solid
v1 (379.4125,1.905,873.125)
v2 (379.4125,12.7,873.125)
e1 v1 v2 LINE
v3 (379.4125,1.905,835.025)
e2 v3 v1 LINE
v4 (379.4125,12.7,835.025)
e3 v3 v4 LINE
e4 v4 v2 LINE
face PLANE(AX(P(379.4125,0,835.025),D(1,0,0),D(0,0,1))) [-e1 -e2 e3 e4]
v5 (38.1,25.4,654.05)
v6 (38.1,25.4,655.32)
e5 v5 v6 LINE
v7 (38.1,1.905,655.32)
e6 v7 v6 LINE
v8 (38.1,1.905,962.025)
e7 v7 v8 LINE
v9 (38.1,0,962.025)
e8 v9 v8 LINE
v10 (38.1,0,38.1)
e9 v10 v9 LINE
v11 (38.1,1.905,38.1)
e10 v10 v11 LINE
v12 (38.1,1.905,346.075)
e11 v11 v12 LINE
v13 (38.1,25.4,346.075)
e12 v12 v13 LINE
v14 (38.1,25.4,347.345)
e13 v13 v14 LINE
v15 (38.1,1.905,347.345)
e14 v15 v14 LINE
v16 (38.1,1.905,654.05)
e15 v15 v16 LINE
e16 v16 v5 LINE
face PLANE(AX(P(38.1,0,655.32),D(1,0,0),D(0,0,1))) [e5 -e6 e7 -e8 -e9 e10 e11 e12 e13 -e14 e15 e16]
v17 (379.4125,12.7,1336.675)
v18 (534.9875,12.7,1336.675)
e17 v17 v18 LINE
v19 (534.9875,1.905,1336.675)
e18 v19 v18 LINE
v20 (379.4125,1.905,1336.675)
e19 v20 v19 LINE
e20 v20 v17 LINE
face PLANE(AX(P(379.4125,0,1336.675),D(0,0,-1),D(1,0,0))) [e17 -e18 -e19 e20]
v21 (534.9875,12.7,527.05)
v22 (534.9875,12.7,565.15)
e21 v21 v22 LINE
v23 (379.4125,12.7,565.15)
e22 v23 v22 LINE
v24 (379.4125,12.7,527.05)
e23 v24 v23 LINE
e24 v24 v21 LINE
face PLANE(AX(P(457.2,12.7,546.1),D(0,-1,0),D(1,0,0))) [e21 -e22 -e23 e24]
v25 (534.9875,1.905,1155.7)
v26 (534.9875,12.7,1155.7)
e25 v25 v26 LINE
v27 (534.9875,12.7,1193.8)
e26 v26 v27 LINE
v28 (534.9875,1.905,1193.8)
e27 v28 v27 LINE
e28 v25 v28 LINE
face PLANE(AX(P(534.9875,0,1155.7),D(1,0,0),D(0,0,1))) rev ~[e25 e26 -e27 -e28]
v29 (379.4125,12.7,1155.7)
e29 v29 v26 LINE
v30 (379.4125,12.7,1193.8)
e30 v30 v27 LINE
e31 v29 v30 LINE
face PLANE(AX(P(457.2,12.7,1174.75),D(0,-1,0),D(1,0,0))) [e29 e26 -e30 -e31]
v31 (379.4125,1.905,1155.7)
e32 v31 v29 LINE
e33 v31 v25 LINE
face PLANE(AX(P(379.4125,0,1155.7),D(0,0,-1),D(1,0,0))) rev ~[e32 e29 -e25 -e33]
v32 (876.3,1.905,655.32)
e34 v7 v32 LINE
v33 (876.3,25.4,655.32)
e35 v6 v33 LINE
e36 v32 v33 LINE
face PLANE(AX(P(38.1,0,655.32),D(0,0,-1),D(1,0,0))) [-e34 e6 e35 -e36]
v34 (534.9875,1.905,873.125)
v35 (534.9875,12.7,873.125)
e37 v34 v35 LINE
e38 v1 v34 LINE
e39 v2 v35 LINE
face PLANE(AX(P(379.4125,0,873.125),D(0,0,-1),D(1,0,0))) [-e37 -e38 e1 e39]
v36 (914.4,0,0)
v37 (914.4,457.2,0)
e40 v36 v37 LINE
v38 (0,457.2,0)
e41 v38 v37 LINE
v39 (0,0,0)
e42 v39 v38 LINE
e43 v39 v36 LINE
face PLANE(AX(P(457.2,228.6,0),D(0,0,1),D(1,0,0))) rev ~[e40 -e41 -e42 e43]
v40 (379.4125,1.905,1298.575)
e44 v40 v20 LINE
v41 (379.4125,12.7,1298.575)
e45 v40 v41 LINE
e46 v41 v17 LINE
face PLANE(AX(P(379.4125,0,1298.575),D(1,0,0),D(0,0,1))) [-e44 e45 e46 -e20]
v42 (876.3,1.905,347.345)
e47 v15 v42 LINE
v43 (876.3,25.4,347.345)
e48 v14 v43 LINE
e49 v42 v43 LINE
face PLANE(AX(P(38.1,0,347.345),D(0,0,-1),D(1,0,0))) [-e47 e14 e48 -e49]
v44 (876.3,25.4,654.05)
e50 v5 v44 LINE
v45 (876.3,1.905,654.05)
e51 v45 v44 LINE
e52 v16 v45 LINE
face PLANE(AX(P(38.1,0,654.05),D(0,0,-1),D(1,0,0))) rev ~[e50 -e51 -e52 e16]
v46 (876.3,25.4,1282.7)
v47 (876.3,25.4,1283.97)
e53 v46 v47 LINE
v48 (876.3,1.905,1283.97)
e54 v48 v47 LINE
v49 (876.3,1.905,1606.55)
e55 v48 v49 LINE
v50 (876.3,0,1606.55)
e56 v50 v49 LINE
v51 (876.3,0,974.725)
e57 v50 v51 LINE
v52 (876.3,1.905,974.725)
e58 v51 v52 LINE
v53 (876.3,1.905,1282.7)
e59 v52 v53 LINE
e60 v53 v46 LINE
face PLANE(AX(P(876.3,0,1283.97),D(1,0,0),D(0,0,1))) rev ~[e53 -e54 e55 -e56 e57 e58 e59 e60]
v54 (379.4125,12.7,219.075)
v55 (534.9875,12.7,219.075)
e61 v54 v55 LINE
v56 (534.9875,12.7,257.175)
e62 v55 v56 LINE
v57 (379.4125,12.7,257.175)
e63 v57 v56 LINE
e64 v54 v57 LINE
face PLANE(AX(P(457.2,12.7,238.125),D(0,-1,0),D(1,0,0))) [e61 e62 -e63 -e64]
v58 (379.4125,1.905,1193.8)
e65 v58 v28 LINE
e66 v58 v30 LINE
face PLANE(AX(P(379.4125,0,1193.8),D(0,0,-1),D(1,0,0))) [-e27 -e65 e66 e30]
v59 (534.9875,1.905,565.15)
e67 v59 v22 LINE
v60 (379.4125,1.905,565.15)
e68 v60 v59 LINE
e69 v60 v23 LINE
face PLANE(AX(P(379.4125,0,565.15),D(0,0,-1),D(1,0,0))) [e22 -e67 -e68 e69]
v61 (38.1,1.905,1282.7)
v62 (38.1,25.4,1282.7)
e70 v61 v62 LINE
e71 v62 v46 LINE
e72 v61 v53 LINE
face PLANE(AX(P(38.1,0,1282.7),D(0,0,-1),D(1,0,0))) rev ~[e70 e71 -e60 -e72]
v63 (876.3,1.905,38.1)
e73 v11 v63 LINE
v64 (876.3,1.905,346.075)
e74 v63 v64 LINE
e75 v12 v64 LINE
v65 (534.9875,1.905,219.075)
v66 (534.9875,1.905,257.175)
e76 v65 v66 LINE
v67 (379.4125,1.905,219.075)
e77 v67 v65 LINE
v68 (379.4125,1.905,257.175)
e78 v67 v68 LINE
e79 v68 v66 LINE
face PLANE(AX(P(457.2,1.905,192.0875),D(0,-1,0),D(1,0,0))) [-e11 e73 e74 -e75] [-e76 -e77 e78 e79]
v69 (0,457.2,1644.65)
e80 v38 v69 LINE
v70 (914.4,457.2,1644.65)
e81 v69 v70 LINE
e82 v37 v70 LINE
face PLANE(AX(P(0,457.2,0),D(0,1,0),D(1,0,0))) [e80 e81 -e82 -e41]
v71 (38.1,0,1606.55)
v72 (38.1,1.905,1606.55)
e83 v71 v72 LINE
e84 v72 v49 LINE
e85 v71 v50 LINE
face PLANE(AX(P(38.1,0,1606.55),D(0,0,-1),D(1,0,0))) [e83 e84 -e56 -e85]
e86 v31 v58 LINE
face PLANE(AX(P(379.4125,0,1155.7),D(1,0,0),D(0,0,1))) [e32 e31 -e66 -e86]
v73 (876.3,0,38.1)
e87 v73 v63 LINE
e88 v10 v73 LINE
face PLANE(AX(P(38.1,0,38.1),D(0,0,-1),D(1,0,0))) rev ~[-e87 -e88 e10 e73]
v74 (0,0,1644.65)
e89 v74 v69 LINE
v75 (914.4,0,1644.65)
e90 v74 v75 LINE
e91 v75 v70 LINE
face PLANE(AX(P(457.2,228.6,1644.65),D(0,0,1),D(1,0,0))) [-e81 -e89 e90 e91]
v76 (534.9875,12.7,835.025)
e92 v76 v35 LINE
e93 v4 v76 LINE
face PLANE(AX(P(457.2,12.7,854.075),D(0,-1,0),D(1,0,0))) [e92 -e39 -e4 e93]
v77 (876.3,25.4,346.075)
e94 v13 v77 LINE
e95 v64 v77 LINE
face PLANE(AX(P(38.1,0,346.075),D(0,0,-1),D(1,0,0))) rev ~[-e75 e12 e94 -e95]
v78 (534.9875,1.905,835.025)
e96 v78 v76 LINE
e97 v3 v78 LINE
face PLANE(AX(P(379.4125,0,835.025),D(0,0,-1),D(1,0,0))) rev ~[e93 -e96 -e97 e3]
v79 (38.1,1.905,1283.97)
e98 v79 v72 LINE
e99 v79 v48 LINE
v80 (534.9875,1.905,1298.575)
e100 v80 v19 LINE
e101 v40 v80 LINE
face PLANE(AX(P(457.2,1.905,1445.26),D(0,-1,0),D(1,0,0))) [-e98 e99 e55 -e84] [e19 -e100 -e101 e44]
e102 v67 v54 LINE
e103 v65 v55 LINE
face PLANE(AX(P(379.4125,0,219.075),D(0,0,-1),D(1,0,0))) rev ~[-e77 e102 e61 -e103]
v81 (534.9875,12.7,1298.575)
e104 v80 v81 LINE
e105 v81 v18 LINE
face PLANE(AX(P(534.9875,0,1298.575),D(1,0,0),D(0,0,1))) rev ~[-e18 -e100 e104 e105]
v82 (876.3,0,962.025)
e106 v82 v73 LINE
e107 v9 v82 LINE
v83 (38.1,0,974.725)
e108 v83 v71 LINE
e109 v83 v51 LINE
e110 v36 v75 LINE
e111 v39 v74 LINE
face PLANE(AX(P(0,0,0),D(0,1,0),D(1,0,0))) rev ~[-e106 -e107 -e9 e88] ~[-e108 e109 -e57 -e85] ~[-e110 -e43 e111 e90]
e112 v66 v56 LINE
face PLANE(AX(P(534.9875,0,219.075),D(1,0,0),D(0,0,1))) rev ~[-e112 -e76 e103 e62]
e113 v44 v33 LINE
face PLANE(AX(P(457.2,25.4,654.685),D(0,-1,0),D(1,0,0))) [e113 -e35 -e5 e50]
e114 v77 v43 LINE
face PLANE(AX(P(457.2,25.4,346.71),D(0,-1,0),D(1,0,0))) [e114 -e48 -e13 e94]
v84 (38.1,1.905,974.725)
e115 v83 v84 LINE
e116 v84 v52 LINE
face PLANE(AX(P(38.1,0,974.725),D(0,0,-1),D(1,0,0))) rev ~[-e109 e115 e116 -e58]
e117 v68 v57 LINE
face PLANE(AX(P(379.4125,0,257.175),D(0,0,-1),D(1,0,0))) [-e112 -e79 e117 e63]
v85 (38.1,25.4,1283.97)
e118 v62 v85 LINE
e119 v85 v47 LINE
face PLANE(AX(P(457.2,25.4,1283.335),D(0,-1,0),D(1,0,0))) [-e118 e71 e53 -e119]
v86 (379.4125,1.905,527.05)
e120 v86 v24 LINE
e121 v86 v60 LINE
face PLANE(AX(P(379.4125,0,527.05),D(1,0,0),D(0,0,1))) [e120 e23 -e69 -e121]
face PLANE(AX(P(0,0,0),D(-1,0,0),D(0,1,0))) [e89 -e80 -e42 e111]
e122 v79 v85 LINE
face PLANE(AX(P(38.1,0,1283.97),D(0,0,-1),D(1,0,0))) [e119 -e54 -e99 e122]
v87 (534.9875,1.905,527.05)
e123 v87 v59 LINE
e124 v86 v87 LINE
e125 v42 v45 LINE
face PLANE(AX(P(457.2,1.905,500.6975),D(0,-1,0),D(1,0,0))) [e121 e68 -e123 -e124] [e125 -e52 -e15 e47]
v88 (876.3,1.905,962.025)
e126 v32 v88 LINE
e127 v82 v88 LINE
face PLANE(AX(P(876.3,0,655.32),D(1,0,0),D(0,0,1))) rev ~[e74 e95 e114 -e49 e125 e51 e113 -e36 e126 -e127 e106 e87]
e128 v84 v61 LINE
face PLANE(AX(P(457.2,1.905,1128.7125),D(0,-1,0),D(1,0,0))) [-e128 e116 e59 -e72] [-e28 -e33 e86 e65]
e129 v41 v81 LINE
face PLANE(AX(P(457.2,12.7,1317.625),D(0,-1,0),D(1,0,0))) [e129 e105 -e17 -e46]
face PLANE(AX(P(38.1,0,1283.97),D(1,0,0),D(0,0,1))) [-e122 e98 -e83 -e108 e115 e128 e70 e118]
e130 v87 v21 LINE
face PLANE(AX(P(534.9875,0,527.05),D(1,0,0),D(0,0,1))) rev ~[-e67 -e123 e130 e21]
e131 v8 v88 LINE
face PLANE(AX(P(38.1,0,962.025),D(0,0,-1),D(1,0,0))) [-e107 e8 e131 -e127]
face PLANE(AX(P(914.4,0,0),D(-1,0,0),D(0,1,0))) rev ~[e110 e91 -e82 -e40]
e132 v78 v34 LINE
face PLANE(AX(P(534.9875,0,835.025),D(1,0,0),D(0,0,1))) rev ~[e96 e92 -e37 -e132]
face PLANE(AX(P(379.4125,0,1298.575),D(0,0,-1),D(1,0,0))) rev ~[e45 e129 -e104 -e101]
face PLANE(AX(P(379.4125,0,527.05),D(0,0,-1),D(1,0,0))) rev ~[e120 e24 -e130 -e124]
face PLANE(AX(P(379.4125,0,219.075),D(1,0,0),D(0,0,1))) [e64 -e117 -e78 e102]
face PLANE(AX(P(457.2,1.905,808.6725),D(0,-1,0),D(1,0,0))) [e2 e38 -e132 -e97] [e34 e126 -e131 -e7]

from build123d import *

# Parameters (mm, degrees)
F0_W     = 914.4
F0_H     = 457.2
F1_DEPTH = 1644.65
F2_W     = 838.2
F2_H     = 307.975
F2_W_2   = 155.575
F2_H_2   = 38.1
F2_H_3   = 306.705
F2_H_4   = 322.58
F3_DEPTH = 1.905
F2_H_5   = 1.27
F4_DEPTH = 25.4
F5_DEPTH = 12.7


with BuildPart() as f1:
    # F0 (on Top) → F1 (new body)
    with BuildSketch(Plane.XY):
        with Locations((457.2, 228.6)):
            Rectangle(F0_W, F0_H)
    extrude(amount=F1_DEPTH)

    # F2 (on face) → F3 (cut)
    with BuildSketch(Plane.XZ):
        with Locations((457.2, 192.0875)):
            Rectangle(F2_W, F2_H)
        with Locations((457.2, 238.125)):
            Rectangle(F2_W_2, F2_H_2, mode=Mode.SUBTRACT)
        with Locations((457.2, 500.6975)):
            Rectangle(F2_W, F2_H_3)
        with Locations((457.2, 546.1)):
            Rectangle(F2_W_2, F2_H_2, mode=Mode.SUBTRACT)
        with Locations((457.2, 808.6725)):
            Rectangle(F2_W, F2_H_3)
        with Locations((457.2, 854.075)):
            Rectangle(F2_W_2, F2_H_2, mode=Mode.SUBTRACT)
        with Locations((457.2, 1128.7125)):
            Rectangle(F2_W, F2_H)
        with Locations((457.2, 1174.75)):
            Rectangle(F2_W_2, F2_H_2, mode=Mode.SUBTRACT)
        with Locations((457.2, 1445.26)):
            Rectangle(F2_W, F2_H_4)
        with Locations((457.2, 1317.625)):
            Rectangle(F2_W_2, F2_H_2, mode=Mode.SUBTRACT)
    extrude(amount=-F3_DEPTH, mode=Mode.SUBTRACT)

    # F2 (on face) → F4 (cut)
    with BuildSketch(Plane.XZ):
        with Locations((457.2, 346.71)):
            Rectangle(F2_W, F2_H_5)
        with Locations((457.2, 654.685)):
            Rectangle(F2_W, F2_H_5)
        with Locations((457.2, 1283.335)):
            Rectangle(F2_W, F2_H_5)
    extrude(amount=-F4_DEPTH, mode=Mode.SUBTRACT)

    # F2 (on face) → F5 (cut)
    with BuildSketch(Plane.XZ):
        with Locations((457.2, 1317.625)):
            Rectangle(F2_W_2, F2_H_2)
        with Locations((457.2, 1174.75)):
            Rectangle(F2_W_2, F2_H_2)
        with Locations((457.2, 854.075)):
            Rectangle(F2_W_2, F2_H_2)
        with Locations((457.2, 546.1)):
            Rectangle(F2_W_2, F2_H_2)
        with Locations((457.2, 238.125)):
            Rectangle(F2_W_2, F2_H_2)
    extrude(amount=-F5_DEPTH, mode=Mode.SUBTRACT)


solid = f1.part
